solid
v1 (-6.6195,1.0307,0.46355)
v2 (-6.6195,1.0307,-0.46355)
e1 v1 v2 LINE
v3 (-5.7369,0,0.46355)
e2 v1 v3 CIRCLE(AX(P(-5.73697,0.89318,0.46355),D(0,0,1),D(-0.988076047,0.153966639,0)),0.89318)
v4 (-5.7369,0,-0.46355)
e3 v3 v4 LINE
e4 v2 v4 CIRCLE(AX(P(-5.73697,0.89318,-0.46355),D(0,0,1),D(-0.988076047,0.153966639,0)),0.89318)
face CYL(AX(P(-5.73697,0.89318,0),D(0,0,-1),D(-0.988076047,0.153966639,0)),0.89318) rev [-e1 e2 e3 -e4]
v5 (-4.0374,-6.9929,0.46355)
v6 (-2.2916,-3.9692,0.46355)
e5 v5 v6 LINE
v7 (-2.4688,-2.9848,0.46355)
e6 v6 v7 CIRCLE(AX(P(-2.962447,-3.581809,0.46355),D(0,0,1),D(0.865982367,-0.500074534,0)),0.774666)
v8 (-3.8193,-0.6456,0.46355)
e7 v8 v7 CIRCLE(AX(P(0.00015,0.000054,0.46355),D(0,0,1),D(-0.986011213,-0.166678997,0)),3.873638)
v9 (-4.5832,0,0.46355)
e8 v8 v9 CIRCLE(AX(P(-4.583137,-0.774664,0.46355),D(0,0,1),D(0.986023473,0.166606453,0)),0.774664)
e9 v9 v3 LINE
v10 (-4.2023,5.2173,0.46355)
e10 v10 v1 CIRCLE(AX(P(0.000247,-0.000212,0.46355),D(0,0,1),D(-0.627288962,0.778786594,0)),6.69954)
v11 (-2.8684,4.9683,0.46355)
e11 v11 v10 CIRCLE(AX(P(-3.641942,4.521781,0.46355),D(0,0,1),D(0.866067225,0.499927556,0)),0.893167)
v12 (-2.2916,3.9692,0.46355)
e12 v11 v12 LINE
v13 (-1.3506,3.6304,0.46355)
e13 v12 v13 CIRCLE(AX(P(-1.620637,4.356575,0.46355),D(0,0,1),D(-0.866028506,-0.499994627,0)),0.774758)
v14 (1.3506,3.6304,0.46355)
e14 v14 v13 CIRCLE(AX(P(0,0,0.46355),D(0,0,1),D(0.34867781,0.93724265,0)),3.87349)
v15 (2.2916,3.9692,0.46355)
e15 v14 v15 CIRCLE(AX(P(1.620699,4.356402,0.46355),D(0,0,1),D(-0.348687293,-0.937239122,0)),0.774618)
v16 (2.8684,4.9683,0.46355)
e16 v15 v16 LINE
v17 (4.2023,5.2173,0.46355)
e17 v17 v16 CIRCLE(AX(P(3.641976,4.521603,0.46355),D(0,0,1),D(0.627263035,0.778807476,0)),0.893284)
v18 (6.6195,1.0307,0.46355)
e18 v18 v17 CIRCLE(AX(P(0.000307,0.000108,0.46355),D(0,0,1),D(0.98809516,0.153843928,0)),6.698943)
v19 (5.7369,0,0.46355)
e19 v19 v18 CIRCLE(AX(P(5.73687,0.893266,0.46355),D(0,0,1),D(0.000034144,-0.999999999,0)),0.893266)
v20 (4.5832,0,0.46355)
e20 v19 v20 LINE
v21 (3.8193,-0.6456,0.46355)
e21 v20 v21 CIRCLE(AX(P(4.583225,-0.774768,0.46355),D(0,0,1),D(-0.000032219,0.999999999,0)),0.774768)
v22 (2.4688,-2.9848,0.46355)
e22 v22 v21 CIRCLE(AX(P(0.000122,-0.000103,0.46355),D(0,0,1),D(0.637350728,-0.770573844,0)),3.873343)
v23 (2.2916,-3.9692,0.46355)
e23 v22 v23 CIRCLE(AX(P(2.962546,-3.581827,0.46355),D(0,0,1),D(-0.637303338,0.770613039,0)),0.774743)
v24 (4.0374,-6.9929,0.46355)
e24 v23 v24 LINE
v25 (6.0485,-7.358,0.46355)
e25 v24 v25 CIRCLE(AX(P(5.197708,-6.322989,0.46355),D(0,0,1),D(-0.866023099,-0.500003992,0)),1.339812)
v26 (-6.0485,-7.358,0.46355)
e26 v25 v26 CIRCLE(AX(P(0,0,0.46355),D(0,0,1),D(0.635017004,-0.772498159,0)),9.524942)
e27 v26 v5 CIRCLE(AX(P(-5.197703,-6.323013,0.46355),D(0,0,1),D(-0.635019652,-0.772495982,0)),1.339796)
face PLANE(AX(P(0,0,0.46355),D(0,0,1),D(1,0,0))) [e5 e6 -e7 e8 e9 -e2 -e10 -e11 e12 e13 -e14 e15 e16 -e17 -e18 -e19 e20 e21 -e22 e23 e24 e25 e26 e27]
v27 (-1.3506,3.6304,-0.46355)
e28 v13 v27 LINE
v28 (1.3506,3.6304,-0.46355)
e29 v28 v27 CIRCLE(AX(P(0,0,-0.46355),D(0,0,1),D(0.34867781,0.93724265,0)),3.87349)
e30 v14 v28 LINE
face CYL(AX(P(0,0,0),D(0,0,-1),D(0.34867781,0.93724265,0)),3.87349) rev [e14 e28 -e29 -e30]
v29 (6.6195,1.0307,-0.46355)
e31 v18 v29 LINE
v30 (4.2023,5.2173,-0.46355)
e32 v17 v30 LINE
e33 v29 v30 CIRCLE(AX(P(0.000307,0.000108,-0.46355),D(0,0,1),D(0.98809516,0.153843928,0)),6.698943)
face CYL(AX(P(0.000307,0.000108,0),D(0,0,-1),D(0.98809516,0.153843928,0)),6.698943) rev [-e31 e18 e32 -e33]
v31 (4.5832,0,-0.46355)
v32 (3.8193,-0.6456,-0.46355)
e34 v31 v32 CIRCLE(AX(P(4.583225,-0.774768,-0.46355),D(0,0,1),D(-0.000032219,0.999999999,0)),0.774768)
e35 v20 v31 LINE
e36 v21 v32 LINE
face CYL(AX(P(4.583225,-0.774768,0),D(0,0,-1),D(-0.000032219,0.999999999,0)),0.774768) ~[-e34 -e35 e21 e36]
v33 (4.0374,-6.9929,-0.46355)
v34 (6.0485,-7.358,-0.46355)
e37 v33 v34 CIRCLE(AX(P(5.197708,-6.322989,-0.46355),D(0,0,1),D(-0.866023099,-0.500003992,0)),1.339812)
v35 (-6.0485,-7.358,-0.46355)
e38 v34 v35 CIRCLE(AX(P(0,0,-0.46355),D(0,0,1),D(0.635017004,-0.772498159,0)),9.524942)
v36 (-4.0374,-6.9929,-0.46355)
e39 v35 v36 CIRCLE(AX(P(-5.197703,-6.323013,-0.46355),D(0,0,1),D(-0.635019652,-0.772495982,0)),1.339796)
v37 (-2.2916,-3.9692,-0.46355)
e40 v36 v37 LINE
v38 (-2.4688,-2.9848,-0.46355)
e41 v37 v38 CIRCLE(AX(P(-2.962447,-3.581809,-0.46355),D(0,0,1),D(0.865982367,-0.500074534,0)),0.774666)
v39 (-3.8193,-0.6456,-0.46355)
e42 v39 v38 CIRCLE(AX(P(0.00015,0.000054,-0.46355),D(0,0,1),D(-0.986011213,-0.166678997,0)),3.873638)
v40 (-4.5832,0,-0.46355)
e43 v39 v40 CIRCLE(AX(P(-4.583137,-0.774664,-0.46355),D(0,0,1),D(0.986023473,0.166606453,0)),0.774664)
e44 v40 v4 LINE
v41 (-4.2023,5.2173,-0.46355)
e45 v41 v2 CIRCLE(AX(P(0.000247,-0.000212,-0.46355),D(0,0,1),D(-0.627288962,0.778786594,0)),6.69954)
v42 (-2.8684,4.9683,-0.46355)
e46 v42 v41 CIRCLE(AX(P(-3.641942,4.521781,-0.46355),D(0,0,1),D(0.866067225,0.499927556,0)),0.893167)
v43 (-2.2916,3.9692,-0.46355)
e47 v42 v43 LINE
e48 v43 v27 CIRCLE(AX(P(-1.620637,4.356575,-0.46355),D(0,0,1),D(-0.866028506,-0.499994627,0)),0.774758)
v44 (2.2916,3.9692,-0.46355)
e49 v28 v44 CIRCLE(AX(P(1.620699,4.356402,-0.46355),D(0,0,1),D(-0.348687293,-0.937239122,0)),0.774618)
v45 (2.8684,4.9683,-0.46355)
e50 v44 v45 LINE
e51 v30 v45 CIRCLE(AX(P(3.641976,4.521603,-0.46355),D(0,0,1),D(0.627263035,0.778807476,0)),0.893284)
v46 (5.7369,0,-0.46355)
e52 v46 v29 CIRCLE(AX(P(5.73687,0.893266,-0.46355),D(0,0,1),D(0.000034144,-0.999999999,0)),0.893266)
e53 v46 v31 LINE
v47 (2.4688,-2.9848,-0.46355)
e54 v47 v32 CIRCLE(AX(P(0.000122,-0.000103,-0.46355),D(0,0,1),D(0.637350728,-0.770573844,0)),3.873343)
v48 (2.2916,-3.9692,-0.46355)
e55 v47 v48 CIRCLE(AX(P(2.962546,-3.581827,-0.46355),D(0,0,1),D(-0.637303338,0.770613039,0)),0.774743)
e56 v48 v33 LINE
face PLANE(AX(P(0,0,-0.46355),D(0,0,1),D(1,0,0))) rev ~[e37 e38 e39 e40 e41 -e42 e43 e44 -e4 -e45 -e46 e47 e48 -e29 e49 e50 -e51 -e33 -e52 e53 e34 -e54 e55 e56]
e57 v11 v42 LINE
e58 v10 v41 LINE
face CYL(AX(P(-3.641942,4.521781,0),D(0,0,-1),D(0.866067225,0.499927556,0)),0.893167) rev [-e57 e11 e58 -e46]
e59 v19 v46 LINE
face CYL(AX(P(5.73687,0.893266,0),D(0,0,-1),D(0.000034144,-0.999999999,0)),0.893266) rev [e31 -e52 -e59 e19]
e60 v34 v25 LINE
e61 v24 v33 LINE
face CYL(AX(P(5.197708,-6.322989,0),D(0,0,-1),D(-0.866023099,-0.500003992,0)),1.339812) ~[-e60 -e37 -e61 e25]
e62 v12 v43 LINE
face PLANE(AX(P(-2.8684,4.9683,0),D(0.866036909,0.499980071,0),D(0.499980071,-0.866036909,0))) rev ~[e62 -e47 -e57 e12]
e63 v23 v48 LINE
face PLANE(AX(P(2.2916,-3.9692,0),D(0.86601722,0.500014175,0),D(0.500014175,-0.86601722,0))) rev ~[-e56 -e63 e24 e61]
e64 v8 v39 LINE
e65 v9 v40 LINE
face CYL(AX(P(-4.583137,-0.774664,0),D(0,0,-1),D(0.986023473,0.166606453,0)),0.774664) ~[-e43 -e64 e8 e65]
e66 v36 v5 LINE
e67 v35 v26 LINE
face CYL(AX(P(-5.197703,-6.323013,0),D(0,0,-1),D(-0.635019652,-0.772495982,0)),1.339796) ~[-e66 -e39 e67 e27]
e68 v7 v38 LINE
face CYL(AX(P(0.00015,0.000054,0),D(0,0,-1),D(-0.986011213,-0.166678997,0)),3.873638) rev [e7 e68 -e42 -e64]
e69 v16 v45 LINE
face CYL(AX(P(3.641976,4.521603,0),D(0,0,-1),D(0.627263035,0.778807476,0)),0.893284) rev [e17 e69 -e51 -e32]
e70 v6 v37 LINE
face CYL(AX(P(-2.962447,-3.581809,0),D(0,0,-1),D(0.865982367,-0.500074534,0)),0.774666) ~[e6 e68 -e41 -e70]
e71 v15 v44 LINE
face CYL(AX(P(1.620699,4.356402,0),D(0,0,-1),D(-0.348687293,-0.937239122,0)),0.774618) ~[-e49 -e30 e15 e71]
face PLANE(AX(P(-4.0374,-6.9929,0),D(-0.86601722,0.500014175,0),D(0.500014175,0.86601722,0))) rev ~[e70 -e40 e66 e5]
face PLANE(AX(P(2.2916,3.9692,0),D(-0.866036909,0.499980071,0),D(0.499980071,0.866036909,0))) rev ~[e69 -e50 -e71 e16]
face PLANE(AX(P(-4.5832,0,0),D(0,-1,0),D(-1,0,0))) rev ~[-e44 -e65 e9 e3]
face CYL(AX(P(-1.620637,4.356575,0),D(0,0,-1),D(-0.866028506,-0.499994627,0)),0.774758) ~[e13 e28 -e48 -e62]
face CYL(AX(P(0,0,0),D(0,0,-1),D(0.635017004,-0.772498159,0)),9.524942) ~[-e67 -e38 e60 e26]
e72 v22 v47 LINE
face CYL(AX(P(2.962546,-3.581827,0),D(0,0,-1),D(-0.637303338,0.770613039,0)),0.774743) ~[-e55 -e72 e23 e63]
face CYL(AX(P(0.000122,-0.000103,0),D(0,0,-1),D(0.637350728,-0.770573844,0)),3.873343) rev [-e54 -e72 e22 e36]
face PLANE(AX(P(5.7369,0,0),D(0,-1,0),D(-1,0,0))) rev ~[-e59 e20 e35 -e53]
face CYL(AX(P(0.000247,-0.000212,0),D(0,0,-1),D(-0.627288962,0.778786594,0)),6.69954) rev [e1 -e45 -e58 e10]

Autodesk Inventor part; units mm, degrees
sketch "Sketch_1" plane through (0, 0, 0) normal (0, 0, 1) x (1, 0, 0)
  arc A0 (6.0485, -7.358) -> (-6.0485, -7.358) centre (0, 0) ccw
  arc A1 (-6.0485, -7.358) -> (-4.0374, -6.9929) centre (-5.1977, -6.323) ccw
  line L0 (-4.0374, -6.9929) -> (-2.2916, -3.9692)
  arc A2 (-2.2916, -3.9692) -> (-2.4688, -2.9848) centre (-2.9625, -3.5818) ccw
  arc A3 (-3.8193, -0.6456) -> (-2.4688, -2.9848) centre (0, 0) ccw
  arc A4 (-3.8193, -0.6456) -> (-4.5832, 0) centre (-4.5832, -0.7747) ccw
  line L1 (-4.5832, 0) -> (-5.7369, 0)
  arc A5 (-6.6195, 1.0307) -> (-5.7369, 0) centre (-5.7369, 0.8932) ccw
  arc A6 (-4.2023, 5.2173) -> (-6.6195, 1.0307) centre (0, 0) ccw
  arc A7 (-2.8684, 4.9683) -> (-4.2023, 5.2173) centre (-3.642, 4.5217) ccw
  line L2 (-2.8684, 4.9683) -> (-2.2916, 3.9692)
  arc A8 (-2.2916, 3.9692) -> (-1.3506, 3.6304) centre (-1.6207, 4.3565) ccw
  arc A9 (1.3506, 3.6304) -> (-1.3506, 3.6304) centre (0, 0) ccw
  arc A10 (1.3506, 3.6304) -> (2.2916, 3.9692) centre (1.6207, 4.3565) ccw
  line L3 (2.2916, 3.9692) -> (2.8684, 4.9683)
  arc A11 (4.2023, 5.2173) -> (2.8684, 4.9683) centre (3.642, 4.5217) ccw
  arc A12 (6.6195, 1.0307) -> (4.2023, 5.2173) centre (0, 0) ccw
  arc A13 (5.7369, 0) -> (6.6195, 1.0307) centre (5.7369, 0.8932) ccw
  line L4 (5.7369, 0) -> (4.5832, 0)
  arc A14 (4.5832, 0) -> (3.8193, -0.6456) centre (4.5832, -0.7747) ccw
  arc A15 (2.4688, -2.9848) -> (3.8193, -0.6456) centre (0, 0) ccw
  arc A16 (2.4688, -2.9848) -> (2.2916, -3.9692) centre (2.9625, -3.5818) ccw
  line L5 (2.2916, -3.9692) -> (4.0374, -6.9929)
  arc A17 (4.0374, -6.9929) -> (6.0485, -7.358) centre (5.1977, -6.323) ccw
extrude "Extrusion1" add sketch "Sketch_1" along normal mid plane 0.9271
ref_plane "RR_XY" through (0, 0, 0) normal (0, 0, 1) x (1, 0, 0)
ref_plane "RR_YZ" through (0, 0, 0) normal (1, 0, 0) x (0, 1, 0)
ref_plane "RR_ZX" through (0, 0, 0) normal (0, 1, 0) x (0, 0, 1)
properties part number "D-5867"
